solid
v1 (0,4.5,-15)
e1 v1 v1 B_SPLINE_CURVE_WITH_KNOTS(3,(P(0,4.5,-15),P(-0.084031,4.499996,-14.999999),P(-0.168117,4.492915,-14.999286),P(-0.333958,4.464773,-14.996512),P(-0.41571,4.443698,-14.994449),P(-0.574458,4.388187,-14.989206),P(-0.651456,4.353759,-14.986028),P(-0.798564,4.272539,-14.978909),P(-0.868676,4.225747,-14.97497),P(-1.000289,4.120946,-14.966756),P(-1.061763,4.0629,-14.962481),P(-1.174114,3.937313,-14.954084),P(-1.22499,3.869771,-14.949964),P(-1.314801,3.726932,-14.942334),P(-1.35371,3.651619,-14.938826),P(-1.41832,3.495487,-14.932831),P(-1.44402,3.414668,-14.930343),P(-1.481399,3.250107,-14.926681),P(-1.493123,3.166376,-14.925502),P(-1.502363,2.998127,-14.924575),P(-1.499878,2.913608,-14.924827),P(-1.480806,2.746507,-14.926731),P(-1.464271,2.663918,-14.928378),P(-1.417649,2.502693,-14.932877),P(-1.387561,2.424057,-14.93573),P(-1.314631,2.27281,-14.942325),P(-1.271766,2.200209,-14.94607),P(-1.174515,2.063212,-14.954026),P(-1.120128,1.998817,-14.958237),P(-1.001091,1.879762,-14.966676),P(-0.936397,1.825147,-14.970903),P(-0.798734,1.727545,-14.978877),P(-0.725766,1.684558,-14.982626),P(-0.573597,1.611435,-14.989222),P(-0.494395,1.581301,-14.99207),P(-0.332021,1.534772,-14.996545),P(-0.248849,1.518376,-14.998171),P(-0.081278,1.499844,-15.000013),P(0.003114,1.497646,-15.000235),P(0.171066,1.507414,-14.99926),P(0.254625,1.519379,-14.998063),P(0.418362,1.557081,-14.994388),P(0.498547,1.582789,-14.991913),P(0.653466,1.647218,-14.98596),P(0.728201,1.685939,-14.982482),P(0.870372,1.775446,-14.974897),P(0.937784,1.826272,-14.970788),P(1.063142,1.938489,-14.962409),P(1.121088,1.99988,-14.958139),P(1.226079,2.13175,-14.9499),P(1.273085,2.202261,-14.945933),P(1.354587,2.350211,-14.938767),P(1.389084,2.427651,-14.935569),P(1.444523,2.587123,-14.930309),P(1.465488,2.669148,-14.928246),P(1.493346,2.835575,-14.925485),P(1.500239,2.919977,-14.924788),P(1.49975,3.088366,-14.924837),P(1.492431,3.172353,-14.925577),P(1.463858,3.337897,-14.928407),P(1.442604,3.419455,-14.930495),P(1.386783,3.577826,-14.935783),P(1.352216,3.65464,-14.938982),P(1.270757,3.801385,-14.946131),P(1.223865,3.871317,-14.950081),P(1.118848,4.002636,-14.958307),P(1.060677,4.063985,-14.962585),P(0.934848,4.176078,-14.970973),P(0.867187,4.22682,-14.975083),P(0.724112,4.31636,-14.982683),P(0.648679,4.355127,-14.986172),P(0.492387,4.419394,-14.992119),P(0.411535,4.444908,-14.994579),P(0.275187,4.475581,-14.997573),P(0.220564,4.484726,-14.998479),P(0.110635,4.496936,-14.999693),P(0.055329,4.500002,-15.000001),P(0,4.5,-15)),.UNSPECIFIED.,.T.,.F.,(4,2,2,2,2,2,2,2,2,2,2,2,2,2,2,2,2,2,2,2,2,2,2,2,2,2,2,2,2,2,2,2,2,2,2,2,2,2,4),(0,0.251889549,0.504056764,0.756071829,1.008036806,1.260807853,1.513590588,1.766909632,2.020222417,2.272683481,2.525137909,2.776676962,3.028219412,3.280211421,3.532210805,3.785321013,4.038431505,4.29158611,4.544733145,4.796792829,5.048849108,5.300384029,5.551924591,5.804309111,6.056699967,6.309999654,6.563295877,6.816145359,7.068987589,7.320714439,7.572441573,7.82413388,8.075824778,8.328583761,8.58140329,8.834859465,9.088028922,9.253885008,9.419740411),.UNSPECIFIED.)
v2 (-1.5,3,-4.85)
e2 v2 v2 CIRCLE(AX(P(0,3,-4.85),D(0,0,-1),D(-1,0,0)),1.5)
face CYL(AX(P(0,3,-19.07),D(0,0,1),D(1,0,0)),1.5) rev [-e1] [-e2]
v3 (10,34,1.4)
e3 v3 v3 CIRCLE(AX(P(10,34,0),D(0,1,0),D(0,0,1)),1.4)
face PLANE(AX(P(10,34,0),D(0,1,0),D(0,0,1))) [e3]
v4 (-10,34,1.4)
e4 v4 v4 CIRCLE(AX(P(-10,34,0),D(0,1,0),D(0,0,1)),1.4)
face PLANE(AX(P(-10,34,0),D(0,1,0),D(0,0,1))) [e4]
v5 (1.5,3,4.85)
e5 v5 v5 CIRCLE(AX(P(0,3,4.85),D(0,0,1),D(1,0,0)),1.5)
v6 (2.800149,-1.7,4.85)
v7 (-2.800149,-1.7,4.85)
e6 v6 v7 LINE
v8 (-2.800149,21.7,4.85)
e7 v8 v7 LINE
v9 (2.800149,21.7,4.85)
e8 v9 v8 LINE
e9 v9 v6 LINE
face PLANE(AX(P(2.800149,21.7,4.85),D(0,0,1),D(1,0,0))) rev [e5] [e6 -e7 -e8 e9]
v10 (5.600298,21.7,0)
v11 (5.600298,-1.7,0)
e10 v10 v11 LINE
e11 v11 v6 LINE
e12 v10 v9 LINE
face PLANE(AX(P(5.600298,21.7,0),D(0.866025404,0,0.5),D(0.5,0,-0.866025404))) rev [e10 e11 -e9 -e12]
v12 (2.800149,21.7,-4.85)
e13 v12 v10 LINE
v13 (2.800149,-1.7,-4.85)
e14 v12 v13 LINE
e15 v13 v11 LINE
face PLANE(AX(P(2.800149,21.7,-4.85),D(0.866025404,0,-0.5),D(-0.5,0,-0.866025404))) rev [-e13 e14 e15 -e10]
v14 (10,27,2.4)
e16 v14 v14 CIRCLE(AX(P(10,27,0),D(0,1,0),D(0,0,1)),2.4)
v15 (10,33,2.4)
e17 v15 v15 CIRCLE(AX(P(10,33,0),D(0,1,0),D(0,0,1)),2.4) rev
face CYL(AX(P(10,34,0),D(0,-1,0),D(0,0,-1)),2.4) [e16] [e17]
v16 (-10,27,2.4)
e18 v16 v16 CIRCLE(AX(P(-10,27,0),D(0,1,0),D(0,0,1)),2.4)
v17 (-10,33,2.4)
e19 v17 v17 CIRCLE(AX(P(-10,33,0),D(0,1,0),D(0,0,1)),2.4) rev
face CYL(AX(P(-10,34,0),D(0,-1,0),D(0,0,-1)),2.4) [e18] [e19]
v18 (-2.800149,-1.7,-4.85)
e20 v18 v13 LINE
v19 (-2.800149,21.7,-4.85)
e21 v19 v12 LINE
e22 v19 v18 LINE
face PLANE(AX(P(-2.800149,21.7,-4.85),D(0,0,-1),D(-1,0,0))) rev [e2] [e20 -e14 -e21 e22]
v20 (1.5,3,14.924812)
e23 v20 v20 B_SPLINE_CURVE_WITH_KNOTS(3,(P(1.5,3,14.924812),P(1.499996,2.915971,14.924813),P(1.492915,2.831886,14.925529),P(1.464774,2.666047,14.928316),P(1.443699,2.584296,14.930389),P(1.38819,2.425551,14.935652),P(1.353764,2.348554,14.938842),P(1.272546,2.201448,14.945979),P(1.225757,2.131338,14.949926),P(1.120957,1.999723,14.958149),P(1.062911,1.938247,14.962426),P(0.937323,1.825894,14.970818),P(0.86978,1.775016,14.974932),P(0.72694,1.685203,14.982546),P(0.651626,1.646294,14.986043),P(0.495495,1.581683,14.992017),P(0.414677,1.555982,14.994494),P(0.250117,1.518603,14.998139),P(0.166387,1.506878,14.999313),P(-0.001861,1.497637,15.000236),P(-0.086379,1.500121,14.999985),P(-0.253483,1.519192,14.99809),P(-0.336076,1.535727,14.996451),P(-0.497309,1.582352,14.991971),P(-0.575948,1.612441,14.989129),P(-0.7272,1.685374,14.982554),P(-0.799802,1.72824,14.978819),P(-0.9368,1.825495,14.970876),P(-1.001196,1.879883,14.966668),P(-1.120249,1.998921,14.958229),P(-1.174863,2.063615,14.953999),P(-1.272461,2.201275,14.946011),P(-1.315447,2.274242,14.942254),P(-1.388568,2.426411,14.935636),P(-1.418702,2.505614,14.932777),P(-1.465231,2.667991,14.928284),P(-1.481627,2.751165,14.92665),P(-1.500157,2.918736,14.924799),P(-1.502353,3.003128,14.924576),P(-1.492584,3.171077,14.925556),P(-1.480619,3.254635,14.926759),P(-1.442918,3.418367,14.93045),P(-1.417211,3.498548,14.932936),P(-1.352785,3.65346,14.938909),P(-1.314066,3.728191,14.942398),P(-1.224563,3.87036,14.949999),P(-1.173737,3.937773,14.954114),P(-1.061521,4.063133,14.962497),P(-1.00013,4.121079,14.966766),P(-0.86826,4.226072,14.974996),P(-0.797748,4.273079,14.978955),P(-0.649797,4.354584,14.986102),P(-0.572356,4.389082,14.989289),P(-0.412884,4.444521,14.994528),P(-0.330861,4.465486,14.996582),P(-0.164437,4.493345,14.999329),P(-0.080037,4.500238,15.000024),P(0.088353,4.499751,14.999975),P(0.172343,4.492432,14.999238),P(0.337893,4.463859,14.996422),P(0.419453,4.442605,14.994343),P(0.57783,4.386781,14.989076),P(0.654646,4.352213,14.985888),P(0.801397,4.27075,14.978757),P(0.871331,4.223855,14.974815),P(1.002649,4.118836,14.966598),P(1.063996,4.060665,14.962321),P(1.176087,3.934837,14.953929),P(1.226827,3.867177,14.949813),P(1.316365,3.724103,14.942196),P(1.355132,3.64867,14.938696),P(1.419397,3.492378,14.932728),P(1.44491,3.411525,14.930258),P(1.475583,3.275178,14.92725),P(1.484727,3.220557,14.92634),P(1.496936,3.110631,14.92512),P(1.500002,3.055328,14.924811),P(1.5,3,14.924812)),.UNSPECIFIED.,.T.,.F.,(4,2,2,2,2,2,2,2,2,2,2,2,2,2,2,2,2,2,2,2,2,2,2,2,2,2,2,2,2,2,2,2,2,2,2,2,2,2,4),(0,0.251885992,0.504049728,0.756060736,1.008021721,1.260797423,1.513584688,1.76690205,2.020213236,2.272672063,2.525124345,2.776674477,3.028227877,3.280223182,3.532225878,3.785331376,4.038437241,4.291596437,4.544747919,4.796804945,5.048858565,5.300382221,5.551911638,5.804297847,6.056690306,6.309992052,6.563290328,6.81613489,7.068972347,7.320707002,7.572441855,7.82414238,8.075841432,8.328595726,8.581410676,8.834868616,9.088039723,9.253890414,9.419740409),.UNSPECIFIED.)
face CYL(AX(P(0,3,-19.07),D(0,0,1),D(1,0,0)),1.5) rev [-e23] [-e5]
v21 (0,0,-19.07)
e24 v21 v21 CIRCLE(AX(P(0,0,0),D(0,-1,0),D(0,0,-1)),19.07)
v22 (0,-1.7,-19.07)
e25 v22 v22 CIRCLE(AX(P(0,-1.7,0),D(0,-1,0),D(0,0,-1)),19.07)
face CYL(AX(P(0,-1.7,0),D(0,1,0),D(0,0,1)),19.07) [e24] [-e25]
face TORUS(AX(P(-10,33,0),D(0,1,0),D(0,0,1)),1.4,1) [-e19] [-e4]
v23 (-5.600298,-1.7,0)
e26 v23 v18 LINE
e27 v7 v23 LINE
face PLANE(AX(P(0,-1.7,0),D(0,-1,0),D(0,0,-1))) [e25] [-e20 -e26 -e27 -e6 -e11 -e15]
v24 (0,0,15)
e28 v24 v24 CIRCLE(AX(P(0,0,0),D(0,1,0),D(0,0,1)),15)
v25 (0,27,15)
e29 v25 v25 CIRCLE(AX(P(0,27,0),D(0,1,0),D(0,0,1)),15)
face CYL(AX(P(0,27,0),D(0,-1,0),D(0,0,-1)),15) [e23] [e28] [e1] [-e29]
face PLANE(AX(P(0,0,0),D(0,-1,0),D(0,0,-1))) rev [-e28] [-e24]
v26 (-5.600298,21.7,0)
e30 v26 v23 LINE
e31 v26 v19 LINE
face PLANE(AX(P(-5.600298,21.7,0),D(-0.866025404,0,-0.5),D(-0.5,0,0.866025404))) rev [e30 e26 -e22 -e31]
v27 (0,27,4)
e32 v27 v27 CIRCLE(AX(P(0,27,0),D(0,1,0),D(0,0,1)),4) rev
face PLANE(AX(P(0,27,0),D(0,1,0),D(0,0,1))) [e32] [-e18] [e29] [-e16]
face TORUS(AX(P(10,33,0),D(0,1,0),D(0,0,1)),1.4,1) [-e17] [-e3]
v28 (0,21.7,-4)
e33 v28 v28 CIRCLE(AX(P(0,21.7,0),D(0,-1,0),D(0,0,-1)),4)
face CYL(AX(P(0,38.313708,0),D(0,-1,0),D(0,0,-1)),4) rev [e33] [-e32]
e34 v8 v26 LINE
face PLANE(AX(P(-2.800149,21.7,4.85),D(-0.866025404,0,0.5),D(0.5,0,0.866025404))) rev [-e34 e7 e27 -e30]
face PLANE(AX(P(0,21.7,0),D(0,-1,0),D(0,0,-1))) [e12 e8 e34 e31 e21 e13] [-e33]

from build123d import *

# Parameters (mm, degrees)
SKETCH1_R               = 15
BOSS_EXTRUDE1_DEPTH     = 27
SKETCH2_R               = 19.07
BOSS_EXTRUDE2_DEPTH     = 1.7
CUT_EXTRUDE1_DEPTH      = 23.4
SKETCH4_R               = 4
CUT_EXTRUDE2_DEPTH      = 5.3
SKETCH5_R               = 2.4
BOSS_EXTRUDE3_DEPTH     = 7
FILLET1_R               = 1
CUT_EXTRUDE3_DEPTH      = 44.397347845
CUT_EXTRUDE3_DEPTH_BACK = 44.397347845
SKETCH6_R               = 1.5


with BuildPart() as part:
    # Sketch1 → Boss-Extrude1 (new body)
    with BuildSketch(Plane(origin=(0, 0, 0), x_dir=(1, 0, 0), z_dir=(0, 1, 0))):
        with Locations(Location((0, 0, 0), (0, 0, 270))):
            Circle(SKETCH1_R)
    extrude(amount=BOSS_EXTRUDE1_DEPTH)

    # Sketch2 → Boss-Extrude2 (add)
    with BuildSketch(Plane.XZ):
        with Locations(Location((0, 0, 0), (0, 0, 270))):
            Circle(SKETCH2_R)
    extrude(amount=BOSS_EXTRUDE2_DEPTH)

    # Sketch3 → Cut-Extrude1 (cut)
    with BuildSketch(Plane.XZ.offset(1.7)):
        Polygon((-2.800148806, 4.85), (-5.600297611, 0), (-2.800148806, -4.85), (2.800148806, -4.85), (5.600297611, 0), (2.800148806, 4.85), align=None)
    extrude(amount=-CUT_EXTRUDE1_DEPTH, mode=Mode.SUBTRACT)

    # Sketch4 → Cut-Extrude2 (cut)
    with BuildSketch(Plane.XZ.offset(-21.7)):
        with Locations(Location((0, 0, 0), (0, 0, 270))):
            Circle(SKETCH4_R)
    extrude(amount=-CUT_EXTRUDE2_DEPTH, mode=Mode.SUBTRACT)

    # Sketch5 → Boss-Extrude3 (add)
    with BuildSketch(Plane(origin=(0, 27, 0), x_dir=(1, 0, 0), z_dir=(0, 1, 0))):
        with Locations(Location((-10, 0, 0), (0, 0, 270))):
            Circle(SKETCH5_R)
        with Locations(Location((10, 0, 0), (0, 0, 270))):
            Circle(SKETCH5_R)
    extrude(amount=BOSS_EXTRUDE3_DEPTH)

    # Fillet1
    fillet1_edges = [part.edges().sort_by_distance(p)[0] for p in [
        (-10, 34, -2.4),
        (10, 34, -2.4),
    ]]
    fillet(fillet1_edges, radius=FILLET1_R)

    # Sketch6 → Cut-Extrude3 (cut, two sides: drawn at the far end of the back side and taken through both)
    with BuildSketch(Plane.XY.offset(-CUT_EXTRUDE3_DEPTH_BACK)):
        with Locations(Location((0, 3, 0), (0, 0, 90))):
            Circle(SKETCH6_R)
    extrude(amount=CUT_EXTRUDE3_DEPTH + CUT_EXTRUDE3_DEPTH_BACK, mode=Mode.SUBTRACT)


solid = part.part
